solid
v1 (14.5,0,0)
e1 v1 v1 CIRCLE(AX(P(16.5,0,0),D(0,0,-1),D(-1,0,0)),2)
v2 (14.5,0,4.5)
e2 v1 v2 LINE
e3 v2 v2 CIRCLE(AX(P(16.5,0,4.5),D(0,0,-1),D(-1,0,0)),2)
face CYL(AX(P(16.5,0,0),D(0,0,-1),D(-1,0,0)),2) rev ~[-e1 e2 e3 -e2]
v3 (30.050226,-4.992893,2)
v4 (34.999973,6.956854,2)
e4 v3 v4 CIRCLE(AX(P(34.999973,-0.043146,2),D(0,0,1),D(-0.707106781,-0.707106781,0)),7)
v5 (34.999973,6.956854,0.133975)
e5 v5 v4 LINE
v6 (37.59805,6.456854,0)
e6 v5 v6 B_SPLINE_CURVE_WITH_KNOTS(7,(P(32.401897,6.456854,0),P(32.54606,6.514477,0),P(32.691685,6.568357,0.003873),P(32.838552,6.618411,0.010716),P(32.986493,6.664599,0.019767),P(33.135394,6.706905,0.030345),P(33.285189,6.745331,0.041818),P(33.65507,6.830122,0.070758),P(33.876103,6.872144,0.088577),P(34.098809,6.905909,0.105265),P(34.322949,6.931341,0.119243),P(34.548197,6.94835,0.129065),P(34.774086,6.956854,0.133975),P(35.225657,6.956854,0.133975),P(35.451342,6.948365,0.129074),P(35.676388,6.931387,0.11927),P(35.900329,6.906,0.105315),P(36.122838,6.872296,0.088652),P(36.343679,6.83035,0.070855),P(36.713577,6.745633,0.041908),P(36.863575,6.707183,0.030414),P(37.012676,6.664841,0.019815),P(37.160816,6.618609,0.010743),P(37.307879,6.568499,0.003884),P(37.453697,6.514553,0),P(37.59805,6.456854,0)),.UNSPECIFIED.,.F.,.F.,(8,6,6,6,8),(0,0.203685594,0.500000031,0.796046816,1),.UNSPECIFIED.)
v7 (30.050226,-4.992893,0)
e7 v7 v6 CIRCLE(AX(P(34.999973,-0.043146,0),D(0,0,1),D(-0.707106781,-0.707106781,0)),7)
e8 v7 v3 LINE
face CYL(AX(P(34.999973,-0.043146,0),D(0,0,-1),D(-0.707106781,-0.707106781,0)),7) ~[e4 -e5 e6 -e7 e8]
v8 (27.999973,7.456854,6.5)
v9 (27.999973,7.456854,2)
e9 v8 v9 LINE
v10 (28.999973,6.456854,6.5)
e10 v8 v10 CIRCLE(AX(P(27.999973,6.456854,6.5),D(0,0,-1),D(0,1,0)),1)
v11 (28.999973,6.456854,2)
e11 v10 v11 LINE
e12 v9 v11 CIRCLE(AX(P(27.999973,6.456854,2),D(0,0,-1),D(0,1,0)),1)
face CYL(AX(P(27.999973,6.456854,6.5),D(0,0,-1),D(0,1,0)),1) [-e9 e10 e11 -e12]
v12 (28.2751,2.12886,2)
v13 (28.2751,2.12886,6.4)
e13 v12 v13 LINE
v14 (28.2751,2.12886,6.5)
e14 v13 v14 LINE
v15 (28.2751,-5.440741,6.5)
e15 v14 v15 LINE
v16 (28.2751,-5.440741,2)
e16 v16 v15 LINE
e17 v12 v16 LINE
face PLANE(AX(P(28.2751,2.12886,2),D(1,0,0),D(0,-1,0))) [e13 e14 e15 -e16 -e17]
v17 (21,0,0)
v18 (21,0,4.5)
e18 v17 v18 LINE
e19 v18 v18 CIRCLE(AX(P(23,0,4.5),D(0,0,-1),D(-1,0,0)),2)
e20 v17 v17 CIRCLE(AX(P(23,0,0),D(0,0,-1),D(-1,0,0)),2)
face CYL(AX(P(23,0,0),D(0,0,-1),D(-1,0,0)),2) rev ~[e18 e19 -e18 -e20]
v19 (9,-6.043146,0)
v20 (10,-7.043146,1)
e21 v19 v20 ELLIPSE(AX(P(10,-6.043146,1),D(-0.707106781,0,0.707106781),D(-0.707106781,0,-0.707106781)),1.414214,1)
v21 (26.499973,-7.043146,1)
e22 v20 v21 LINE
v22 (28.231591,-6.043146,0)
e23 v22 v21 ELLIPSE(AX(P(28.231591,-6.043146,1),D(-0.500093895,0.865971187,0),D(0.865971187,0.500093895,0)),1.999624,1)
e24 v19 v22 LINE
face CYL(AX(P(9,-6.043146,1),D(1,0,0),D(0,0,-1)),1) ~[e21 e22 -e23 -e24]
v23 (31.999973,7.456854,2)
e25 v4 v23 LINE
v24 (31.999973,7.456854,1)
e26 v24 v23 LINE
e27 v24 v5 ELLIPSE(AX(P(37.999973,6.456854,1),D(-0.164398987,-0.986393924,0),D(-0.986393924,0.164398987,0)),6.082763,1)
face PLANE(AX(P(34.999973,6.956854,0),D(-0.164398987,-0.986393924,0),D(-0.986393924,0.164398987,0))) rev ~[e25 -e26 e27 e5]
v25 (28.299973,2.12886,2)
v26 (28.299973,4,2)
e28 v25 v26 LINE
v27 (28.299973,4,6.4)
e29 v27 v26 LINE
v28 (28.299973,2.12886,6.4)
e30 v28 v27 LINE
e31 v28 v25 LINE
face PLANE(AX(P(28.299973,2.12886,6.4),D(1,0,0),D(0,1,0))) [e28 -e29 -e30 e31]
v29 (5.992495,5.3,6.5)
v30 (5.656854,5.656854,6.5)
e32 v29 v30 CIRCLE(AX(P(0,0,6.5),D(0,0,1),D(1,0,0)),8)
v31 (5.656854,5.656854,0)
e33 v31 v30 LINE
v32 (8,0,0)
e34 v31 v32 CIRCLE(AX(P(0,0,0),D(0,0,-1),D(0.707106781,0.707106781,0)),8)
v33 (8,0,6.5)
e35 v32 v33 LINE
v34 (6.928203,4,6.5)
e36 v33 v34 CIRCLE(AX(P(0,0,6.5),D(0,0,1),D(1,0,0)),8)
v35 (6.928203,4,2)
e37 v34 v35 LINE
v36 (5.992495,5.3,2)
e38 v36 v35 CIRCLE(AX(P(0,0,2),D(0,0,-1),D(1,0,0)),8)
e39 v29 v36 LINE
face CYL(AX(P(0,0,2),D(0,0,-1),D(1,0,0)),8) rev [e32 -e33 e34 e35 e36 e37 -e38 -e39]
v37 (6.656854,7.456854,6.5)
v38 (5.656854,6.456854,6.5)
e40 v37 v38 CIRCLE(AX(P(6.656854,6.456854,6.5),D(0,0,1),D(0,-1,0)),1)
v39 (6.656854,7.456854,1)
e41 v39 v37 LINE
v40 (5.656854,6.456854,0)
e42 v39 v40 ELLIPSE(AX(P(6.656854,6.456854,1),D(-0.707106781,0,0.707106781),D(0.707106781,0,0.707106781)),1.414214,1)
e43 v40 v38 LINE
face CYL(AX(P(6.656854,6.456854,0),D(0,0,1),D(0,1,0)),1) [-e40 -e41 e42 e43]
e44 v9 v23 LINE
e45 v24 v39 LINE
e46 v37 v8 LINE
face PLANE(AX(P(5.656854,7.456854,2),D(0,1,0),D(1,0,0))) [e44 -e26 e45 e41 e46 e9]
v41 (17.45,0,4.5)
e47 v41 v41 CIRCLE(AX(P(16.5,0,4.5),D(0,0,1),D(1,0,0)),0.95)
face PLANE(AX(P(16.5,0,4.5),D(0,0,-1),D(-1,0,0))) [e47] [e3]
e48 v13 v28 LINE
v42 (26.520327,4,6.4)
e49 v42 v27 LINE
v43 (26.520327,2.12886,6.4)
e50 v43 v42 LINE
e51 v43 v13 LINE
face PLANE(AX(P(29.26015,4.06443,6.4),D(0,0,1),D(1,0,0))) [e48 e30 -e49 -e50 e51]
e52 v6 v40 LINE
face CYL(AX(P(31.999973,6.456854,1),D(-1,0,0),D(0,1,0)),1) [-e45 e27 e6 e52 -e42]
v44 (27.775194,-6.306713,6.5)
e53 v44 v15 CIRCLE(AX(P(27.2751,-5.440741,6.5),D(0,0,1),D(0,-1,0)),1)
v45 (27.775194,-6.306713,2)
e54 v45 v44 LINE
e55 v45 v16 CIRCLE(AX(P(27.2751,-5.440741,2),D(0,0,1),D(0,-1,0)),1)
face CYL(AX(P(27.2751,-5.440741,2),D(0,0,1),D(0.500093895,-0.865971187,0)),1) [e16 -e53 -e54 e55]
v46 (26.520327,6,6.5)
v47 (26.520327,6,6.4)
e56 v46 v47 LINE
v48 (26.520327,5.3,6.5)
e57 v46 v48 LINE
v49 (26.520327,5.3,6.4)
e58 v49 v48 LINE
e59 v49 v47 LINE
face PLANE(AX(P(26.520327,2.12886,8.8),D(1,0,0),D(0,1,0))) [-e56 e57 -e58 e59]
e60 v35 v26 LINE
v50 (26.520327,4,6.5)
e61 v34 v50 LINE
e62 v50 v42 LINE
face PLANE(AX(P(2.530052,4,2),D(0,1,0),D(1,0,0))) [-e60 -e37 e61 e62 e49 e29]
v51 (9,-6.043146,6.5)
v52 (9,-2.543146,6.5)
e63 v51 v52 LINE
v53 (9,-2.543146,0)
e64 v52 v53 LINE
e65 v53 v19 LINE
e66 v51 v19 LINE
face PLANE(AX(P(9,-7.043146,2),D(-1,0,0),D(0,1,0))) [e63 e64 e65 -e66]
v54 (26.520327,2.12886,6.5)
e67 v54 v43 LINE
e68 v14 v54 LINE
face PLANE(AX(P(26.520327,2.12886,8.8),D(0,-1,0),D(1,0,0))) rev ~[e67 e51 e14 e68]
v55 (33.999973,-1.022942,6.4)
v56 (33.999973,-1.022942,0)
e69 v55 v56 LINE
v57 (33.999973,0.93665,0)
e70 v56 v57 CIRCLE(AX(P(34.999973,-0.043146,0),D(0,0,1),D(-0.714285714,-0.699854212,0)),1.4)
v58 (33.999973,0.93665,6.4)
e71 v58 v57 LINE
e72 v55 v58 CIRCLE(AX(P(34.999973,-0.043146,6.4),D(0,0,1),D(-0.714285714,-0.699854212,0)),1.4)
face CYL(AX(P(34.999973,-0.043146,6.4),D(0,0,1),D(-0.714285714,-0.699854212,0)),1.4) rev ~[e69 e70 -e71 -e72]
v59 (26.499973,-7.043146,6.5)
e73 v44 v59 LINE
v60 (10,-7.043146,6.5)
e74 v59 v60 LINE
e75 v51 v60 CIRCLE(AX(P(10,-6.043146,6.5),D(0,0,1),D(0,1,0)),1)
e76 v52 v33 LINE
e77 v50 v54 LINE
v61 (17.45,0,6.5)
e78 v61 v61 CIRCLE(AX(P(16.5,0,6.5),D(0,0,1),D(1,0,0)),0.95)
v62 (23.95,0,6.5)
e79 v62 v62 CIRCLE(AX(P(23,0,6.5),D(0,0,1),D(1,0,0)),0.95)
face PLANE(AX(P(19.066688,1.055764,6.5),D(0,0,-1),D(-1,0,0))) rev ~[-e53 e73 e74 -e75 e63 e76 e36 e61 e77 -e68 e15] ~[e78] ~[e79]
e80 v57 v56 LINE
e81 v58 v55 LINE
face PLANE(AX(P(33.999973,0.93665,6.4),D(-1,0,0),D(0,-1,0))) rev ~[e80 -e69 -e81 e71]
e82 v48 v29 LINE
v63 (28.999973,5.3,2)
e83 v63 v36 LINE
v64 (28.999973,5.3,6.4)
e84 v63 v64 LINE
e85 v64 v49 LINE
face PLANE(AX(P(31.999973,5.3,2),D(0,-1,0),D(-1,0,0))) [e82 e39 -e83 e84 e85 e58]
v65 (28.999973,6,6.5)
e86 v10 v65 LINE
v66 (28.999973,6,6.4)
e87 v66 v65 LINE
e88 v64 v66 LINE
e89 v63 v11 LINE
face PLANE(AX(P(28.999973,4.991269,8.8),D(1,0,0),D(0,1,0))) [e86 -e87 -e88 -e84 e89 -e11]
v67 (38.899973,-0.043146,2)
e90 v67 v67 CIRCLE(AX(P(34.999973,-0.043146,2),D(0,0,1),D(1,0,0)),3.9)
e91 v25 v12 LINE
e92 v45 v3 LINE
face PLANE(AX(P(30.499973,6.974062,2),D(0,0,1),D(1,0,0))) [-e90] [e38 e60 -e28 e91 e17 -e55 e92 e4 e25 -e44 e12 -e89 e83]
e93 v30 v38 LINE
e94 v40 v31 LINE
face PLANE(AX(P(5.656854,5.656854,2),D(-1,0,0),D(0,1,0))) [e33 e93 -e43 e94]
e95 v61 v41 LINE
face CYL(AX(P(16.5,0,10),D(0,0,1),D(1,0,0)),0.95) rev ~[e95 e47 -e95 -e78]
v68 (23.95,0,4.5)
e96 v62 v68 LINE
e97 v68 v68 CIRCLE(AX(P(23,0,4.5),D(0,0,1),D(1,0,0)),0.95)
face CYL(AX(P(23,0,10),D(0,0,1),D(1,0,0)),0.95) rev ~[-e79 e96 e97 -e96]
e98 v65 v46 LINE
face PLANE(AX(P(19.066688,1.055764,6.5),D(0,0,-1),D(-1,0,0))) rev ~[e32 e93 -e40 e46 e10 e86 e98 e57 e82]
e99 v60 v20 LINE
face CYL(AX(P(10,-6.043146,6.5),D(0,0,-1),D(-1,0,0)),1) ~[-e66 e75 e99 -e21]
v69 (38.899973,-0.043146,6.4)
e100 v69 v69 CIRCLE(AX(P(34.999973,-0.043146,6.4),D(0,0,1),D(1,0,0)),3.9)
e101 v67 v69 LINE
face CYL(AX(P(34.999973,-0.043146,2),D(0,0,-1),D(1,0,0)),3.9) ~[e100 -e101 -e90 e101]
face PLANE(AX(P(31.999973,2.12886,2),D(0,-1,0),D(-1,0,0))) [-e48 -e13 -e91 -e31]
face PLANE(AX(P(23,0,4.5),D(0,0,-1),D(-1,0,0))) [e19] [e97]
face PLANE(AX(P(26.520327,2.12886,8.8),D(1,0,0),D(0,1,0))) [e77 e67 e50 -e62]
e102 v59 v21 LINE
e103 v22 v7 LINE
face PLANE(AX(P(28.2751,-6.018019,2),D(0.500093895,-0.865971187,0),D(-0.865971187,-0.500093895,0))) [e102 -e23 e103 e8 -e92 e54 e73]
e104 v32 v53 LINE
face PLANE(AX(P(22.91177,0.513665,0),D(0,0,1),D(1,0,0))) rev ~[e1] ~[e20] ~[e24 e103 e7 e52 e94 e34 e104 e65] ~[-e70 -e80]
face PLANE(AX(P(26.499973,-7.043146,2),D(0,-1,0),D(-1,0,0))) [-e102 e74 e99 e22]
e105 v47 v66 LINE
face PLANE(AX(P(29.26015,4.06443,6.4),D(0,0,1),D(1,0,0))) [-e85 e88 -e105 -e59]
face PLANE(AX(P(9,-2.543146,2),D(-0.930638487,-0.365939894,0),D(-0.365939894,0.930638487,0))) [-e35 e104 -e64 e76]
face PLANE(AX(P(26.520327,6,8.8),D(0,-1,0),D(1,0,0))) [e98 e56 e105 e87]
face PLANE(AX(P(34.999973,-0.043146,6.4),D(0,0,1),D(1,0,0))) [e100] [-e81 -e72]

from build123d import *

# Parameters (mm, degrees)
BOSS_EXTRUDE1_DEPTH  = 2
BOSS_EXTRUDE6_DEPTH  = 4.5
CUT_EXTRUDE6_DEPTH   = 4.5
BOSS_EXTRUDE14_DEPTH = 2.3
SKETCH32_R           = 3
CUT_EXTRUDE7_DEPTH   = 2.3
SKETCH33_W           = 22.343119157
SKETCH33_H           = 2
SKETCH33_W_2         = 17.499973406
SKETCH33_H_2         = 1.5
BOSS_EXTRUDE15_DEPTH = 1.2
SKETCH35_W           = 5.479645996
SKETCH35_H           = 3.871139505
CUT_EXTRUDE8_DEPTH   = 2.4
SKETCH36_W           = 3.7
SKETCH36_H           = 1.871139505
CUT_EXTRUDE9_DEPTH   = 4.4
SKETCH37_R           = 3.9
BOSS_EXTRUDE16_DEPTH = 4.4
CUT_EXTRUDE10_DEPTH  = 7.4
SKETCH43_R           = 2.5
BOSS_EXTRUDE17_DEPTH = 1.2
SKETCH44_R           = 0.95
CUT_EXTRUDE11_DEPTH  = 11
SKETCH45_R           = 2
CUT_EXTRUDE12_DEPTH  = 4.5
SKETCH49_R           = 0.75
CUT_EXTRUDE13_DEPTH  = 3
SKETCH51_W           = 3
SKETCH51_H           = 3.965585241
CUT_EXTRUDE14_DEPTH  = 6.8
FILLET1_R            = 1.5
FILLET3_R            = 1


with BuildPart() as part:
    # Sketch3 → Boss-Extrude1 (new body)
    with BuildSketch(Plane.XY):
        with BuildLine():
            Line((8, 0), (9, -2.543145751))
            Line((9, -2.543145751), (9, -7.043145751))
            Line((9, -7.043145751), (26.499973406, -7.043145751))
            Line((26.499973406, -7.043145751), (30.050225938, -4.992893219))
            ThreePointArc((30.050225938, -4.992893219), (41.467130134, -2.721929777), (34.999973406, 6.956854249))
            Line((34.999973406, 6.956854249), (31.999973406, 7.456854249))
            Line((31.999973406, 7.456854249), (5.656854249, 7.456854249))
            Line((5.656854249, 7.456854249), (5.656854249, 5.656854249))
            ThreePointArc((5.656854249, 5.656854249), (7.39103626, 3.061467459), (8, 0))
        make_face()
    extrude(amount=BOSS_EXTRUDE1_DEPTH)

    # Sketch22 → Boss-Extrude6 (add)
    with BuildSketch(Plane.XY.offset(2)):
        with BuildLine():
            Line((5.656854249, 7.456854249), (26.499973406, 7.456854249))
            Line((26.499973406, 7.456854249), (31.999973406, 7.456854249))
            Line((31.999973406, 7.456854249), (31.999973406, 2.128860495))
            Line((31.999973406, 2.128860495), (28.275099672, 2.128860495))
            Line((28.275099672, 2.128860495), (28.275099672, -6.018019485))
            Line((28.275099672, -6.018019485), (26.499973406, -7.043145751))
            Line((26.499973406, -7.043145751), (9, -7.043145751))
            Line((9, -7.043145751), (9, -2.543145751))
            Line((9, -2.543145751), (8, 0))
            ThreePointArc((8, 0), (7.39103626, 3.061467459), (5.656854249, 5.656854249))
            Line((5.656854249, 5.656854249), (5.656854249, 7.456854249))
        make_face()
    extrude(amount=BOSS_EXTRUDE6_DEPTH)

    # Sketch26 → Cut-Extrude6 (cut)
    with BuildSketch(Plane.XY.offset(2)):
        Polygon((18.098080448, 5.3), (2.530052458, 5.3), (2.530052458, 4), (18.098080448, 4), (31.999973406, 4), (31.999973406, 5.3), align=None)
    extrude(amount=CUT_EXTRUDE6_DEPTH, mode=Mode.SUBTRACT)


with BuildPart() as body_2:
    # Sketch31 → Boss-Extrude14 (new body)
    with BuildSketch(Plane.XY.offset(6.5)):
        with BuildLine():
            Line((2.432688066, 5.656854249), (0, 5.656854249))
            ThreePointArc((0, 5.656854249), (-5.656854249, 0), (0, -5.656854249))
            Line((0, -5.656854249), (9, -5.656854249))
            Line((9, -5.656854249), (9, -7.043145751))
            Line((9, -7.043145751), (9, -8.543145751))
            Line((9, -8.543145751), (26.499973406, -8.543145751))
            Line((26.499973406, -8.543145751), (26.499973406, -7.043145751))
            Line((26.499973406, -7.043145751), (26.499973406, 2.128860495))
            Line((26.499973406, 2.128860495), (28.275099672, 2.128860495))
            Line((28.275099672, 2.128860495), (31.999973406, 2.128860495))
            Line((31.999973406, 2.128860495), (31.999973406, 7.456854249))
            Line((31.999973406, 7.456854249), (31.999973406, 8.956854249))
            Line((31.999973406, 8.956854249), (5.656854249, 8.956854249))
            Line((5.656854249, 8.956854249), (5.656854249, 7.456854249))
            Line((5.656854249, 7.456854249), (5.656854249, 5.656854249))
            Line((5.656854249, 5.656854249), (2.432688066, 5.656854249))
        make_face()
    extrude(amount=BOSS_EXTRUDE14_DEPTH)

    # Sketch32 → Cut-Extrude7 (cut)
    with BuildSketch(Plane.XY.offset(8.8)):
        Circle(SKETCH32_R)
    extrude(amount=-CUT_EXTRUDE7_DEPTH, mode=Mode.SUBTRACT)

    # Sketch33 → Boss-Extrude15 (add)
    with BuildSketch(Plane.XY.offset(8.8)):
        with Locations((16.828413828, 7.956854249)):
            Rectangle(SKETCH33_W, SKETCH33_H)
        with Locations((17.749986703, -7.793145751)):
            Rectangle(SKETCH33_W_2, SKETCH33_H_2)
        with BuildLine():
            Line((7, -4.156854249), (25.499973406, -4.156854249))
            Line((25.499973406, -4.156854249), (25.499973406, -2.156854249))
            Line((25.499973406, -2.156854249), (7, -2.156854249))
            ThreePointArc((7, -2.156854249), (6, -3.156854249), (7, -4.156854249))
        make_face()
        with BuildLine():
            Line((25.499973406, 2.172006245), (7, 2.172006245))
            ThreePointArc((7, 2.172006245), (6, 3.172006245), (7, 4.172006245))
            Line((7, 4.172006245), (25.499973406, 4.172006245))
            Line((25.499973406, 4.172006245), (25.499973406, 2.172006245))
        make_face()
    extrude(amount=BOSS_EXTRUDE15_DEPTH)


with BuildPart() as cut_extrude8_tool:
    # Sketch35 → Cut-Extrude8 (new body)
    with BuildSketch(Plane.XY.offset(8.8)):
        with Locations((29.260150408, 4.064430247)):
            Rectangle(SKETCH35_W, SKETCH35_H)
    extrude(amount=-CUT_EXTRUDE8_DEPTH)


with BuildPart() as part_1:
    add(part.part)

    # Cut-Extrude8: cut by cut_extrude8_tool
    add(cut_extrude8_tool.part, mode=Mode.SUBTRACT)

    # Sketch36 → Cut-Extrude9 (cut)
    with BuildSketch(Plane.XY.offset(6.4)):
        with Locations((30.149973406, 3.064430247)):
            Rectangle(SKETCH36_W, SKETCH36_H)
    extrude(amount=-CUT_EXTRUDE9_DEPTH, mode=Mode.SUBTRACT)

    # Sketch37 → Boss-Extrude16 (add)
    with BuildSketch(Plane.XY.offset(2)):
        with Locations((34.999973406, -0.043145751)):
            Circle(SKETCH37_R)
    extrude(amount=BOSS_EXTRUDE16_DEPTH)

    # Sketch39 → Cut-Extrude10 (cut, through all)
    with BuildSketch(Plane.XY.offset(6.4)):
        with BuildLine():
            Line((33.999973406, 0.936650147), (33.999973406, -1.022941648))
            ThreePointArc((33.999973406, -1.022941648), (36.399973406, -0.043145751), (33.999973406, 0.936650147))
        make_face()
    extrude(amount=-CUT_EXTRUDE10_DEPTH, mode=Mode.SUBTRACT)


with BuildPart() as body_2_1:
    add(body_2.part)

    # Cut-Extrude8: cut by cut_extrude8_tool
    add(cut_extrude8_tool.part, mode=Mode.SUBTRACT)

    # Sketch43 → Boss-Extrude17 (add)
    with BuildSketch(Plane.XY.offset(8.8)):
        with Locations((16.5, 0)):
            Circle(SKETCH43_R)
        with Locations((23, 0)):
            Circle(SKETCH43_R)
    extrude(amount=BOSS_EXTRUDE17_DEPTH)


with BuildPart() as cut_extrude11_tool:
    # Sketch44 → Cut-Extrude11 (new body, through all)
    with BuildSketch(Plane.XY.offset(10)):
        with Locations((16.5, 0)):
            Circle(SKETCH44_R)
        with Locations((23, 0)):
            Circle(SKETCH44_R)
    extrude(amount=-CUT_EXTRUDE11_DEPTH)


with BuildPart() as part_2:
    add(part_1.part)

    # Cut-Extrude11: cut by cut_extrude11_tool
    add(cut_extrude11_tool.part, mode=Mode.SUBTRACT)

    # Sketch45 → Cut-Extrude12 (cut)
    with BuildSketch(Plane(origin=(0, 0, 0), x_dir=(-1, 0, 0), z_dir=(0, 0, -1))):
        with Locations((-16.5, 0)):
            Circle(SKETCH45_R)
        with Locations((-23, 0)):
            Circle(SKETCH45_R)
    extrude(amount=-CUT_EXTRUDE12_DEPTH, mode=Mode.SUBTRACT)


with BuildPart() as body_2_2:
    add(body_2_1.part)

    # Cut-Extrude11: cut by cut_extrude11_tool
    add(cut_extrude11_tool.part, mode=Mode.SUBTRACT)

    # Sketch49 → Cut-Extrude13 (cut)
    with BuildSketch(Plane.XZ.offset(-6.956854249)):
        with Locations((24.999973406, 10)):
            Circle(SKETCH49_R)
    extrude(amount=-CUT_EXTRUDE13_DEPTH, mode=Mode.SUBTRACT)


with BuildPart() as cut_extrude14_tool:
    # Sketch51 → Cut-Extrude14 (new body)
    with BuildSketch(Plane.XY.offset(8.8)):
        with Locations((30.499973406, 6.974061629)):
            Rectangle(SKETCH51_W, SKETCH51_H)
    extrude(amount=-CUT_EXTRUDE14_DEPTH)


with BuildPart() as part_3:
    add(part_2.part)

    # Cut-Extrude14: cut by cut_extrude14_tool
    add(cut_extrude14_tool.part, mode=Mode.SUBTRACT)

    # Fillet3
    fillet3_edges = [part_3.edges().sort_by_distance(p)[0] for p in [
        (28.275099672, -6.018019485, 4.25),
        (28.999973406, 7.456854249, 4.25),
        (9, -7.043145751, 3.25),
        (5.656854249, 7.456854249, 3.25),
        (17.749986703, -7.043145751, 0),
        (18.828413828, 7.456854249, 0),
    ]]
    fillet(fillet3_edges, radius=FILLET3_R)


with BuildPart() as body_2_3:
    add(body_2_2.part)

    # Cut-Extrude14: cut by cut_extrude14_tool
    add(cut_extrude14_tool.part, mode=Mode.SUBTRACT)

    # Fillet1
    fillet1_edges = [body_2_3.edges().sort_by_distance(p)[0] for p in [
        (17.328413828, 8.956854249, 6.5),
        (17.749986703, -8.543145751, 6.5),
    ]]
    fillet(fillet1_edges, radius=FILLET1_R)


solid = part_3.part
